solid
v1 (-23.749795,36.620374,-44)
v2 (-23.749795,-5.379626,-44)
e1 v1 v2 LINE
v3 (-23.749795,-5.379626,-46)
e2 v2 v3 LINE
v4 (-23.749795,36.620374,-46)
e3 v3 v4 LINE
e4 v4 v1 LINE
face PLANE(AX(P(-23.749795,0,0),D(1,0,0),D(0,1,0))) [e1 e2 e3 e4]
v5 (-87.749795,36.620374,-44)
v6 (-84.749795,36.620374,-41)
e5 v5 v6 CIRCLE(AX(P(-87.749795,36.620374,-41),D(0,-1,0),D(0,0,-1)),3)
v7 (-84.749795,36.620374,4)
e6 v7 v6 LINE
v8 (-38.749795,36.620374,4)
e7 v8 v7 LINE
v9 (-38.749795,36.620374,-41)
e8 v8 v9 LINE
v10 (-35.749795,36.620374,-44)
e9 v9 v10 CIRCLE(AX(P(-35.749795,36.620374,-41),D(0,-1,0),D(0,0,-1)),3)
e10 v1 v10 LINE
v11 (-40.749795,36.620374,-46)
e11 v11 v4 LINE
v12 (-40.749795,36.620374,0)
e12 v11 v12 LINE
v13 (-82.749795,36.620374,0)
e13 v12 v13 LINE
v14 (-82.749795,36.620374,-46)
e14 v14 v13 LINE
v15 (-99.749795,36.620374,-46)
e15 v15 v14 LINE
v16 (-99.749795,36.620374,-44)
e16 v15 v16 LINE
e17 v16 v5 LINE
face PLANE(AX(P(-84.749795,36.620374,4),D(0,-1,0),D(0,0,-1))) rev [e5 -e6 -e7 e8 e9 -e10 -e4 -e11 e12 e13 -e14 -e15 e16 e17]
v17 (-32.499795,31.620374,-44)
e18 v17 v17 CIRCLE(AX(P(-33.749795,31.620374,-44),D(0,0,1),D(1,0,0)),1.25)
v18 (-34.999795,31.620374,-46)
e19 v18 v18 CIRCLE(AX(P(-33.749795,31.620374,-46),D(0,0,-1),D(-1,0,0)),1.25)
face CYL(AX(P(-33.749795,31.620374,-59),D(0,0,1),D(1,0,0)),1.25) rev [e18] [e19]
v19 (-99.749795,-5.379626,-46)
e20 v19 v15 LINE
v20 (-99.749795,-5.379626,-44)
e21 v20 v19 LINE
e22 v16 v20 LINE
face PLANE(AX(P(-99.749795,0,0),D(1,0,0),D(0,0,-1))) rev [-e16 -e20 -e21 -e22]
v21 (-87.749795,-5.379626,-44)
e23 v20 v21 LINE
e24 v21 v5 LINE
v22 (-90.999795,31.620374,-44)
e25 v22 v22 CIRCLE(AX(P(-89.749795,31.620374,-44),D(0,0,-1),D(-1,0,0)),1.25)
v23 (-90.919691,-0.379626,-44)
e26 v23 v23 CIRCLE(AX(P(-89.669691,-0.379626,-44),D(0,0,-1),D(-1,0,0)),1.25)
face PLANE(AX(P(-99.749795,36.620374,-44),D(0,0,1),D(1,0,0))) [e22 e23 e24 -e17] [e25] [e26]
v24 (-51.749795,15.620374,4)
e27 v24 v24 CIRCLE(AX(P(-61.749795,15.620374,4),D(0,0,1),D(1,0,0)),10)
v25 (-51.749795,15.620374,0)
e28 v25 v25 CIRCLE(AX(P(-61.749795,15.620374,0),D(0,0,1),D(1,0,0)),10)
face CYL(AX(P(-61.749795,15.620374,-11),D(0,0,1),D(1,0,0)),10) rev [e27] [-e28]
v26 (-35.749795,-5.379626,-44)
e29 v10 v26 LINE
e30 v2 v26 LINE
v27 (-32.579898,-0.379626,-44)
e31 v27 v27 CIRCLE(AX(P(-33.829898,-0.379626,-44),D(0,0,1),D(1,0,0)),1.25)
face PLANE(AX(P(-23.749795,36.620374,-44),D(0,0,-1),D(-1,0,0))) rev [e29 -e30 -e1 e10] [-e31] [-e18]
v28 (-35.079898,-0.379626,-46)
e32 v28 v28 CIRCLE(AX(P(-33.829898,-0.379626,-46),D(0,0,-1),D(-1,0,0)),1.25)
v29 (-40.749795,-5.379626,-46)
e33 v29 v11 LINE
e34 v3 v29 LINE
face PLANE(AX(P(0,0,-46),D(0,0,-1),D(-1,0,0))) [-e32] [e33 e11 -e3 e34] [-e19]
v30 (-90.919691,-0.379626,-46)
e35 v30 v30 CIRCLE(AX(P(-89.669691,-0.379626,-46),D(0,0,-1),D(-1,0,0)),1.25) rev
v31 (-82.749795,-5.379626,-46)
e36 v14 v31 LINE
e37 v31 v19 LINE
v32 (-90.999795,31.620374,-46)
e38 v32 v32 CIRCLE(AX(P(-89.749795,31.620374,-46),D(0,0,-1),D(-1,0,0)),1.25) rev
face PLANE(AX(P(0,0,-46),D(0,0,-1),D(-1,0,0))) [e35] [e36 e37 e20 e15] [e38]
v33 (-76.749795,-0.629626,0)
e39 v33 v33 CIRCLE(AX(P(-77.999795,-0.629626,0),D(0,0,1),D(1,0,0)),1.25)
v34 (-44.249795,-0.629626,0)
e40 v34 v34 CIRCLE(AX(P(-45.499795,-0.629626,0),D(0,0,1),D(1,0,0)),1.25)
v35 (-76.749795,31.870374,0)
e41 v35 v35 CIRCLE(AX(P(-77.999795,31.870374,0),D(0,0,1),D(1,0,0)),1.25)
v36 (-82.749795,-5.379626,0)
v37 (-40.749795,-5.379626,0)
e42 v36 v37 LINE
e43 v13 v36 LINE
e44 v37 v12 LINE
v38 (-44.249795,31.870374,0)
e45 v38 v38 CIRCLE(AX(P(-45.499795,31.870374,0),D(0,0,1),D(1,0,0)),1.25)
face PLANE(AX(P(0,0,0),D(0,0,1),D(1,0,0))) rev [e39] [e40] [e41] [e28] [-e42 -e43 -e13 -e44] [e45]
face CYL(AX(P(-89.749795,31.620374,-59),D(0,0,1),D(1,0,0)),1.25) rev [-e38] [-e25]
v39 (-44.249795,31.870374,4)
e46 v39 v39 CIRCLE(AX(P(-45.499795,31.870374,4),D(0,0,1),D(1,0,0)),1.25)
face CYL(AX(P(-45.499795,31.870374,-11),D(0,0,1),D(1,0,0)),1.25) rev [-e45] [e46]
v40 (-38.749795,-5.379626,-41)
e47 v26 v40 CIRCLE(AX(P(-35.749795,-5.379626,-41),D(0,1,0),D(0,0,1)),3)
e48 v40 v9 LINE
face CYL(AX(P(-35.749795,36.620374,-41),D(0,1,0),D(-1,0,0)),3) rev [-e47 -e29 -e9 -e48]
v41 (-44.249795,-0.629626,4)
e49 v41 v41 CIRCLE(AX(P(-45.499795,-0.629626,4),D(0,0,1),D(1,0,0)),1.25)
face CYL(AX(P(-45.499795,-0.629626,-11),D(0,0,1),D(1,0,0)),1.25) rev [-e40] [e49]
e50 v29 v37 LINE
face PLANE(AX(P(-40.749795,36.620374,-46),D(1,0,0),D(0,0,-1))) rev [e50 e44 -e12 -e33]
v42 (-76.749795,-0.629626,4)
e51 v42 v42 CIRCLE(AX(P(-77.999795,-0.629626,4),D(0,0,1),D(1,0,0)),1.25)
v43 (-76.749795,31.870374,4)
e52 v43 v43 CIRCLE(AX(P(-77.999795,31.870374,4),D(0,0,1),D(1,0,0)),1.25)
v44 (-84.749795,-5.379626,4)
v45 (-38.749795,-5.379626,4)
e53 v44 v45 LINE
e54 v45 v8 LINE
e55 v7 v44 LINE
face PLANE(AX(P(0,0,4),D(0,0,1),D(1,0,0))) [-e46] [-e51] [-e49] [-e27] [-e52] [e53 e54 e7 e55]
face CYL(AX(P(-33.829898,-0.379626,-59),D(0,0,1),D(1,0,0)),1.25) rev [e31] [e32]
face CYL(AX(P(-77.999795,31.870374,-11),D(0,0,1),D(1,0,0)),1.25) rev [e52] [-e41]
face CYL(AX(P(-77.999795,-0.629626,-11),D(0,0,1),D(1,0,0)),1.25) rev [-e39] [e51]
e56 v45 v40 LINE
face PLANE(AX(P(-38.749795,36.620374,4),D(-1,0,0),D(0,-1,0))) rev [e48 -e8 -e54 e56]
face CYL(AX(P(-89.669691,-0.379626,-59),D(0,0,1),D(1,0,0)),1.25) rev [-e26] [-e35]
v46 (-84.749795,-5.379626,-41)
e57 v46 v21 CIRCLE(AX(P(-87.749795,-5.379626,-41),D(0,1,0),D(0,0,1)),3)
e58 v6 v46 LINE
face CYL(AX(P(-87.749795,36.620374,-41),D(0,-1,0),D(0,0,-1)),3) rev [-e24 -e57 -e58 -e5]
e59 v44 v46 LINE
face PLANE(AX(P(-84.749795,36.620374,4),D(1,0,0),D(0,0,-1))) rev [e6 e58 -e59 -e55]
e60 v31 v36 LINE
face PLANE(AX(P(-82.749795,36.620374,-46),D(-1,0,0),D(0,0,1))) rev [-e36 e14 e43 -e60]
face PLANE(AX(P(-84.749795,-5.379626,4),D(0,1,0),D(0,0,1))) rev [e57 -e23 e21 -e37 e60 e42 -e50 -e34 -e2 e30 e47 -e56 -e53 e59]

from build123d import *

# Parameters (mm, degrees)
CROQUIS1_W              = 46
CROQUIS1_H              = 42
SALIENTE_EXTRUIR1_DEPTH = 4
CROQUIS3_W              = 2
CROQUIS3_H              = 42
SALIENTE_EXTRUIR2_DEPTH = 46
CROQUIS4_W              = 2
CROQUIS4_H              = 42
SALIENTE_EXTRUIR3_DEPTH = 15
CROQUIS6_W              = 2
CROQUIS6_H              = 42
SALIENTE_EXTRUIR4_DEPTH = 15
CROQUIS8_R              = 1.25
CORTAR_EXTRUIR1_DEPTH   = 15
CORTAR_EXTRUIR2_DEPTH   = 15
CROQUIS10_R             = 1.25
CORTAR_EXTRUIR4_DEPTH   = 15
REDONDEO1_R             = 3
REDONDEO2_R             = 3
CROQUIS11_R             = 10
CORTAR_EXTRUIR5_DEPTH   = 15


with BuildPart() as part:
    # Croquis1 → Saliente-Extruir1 (new body)
    with BuildSketch(Plane.XY):
        with Locations((-61.749794594, 15.620374367)):
            Rectangle(CROQUIS1_W, CROQUIS1_H)
    extrude(amount=SALIENTE_EXTRUIR1_DEPTH)

    # Croquis3 → Saliente-Extruir2 (add)
    with BuildSketch(Plane(origin=(0, 0, 0), x_dir=(-1, 0, 0), z_dir=(0, 0, -1))):
        with Locations((83.749794594, 15.620374367)):
            Rectangle(CROQUIS3_W, CROQUIS3_H)
        with Locations((39.749794594, 15.620374367)):
            Rectangle(CROQUIS3_W, CROQUIS3_H)
    extrude(amount=SALIENTE_EXTRUIR2_DEPTH)

    # Croquis4 → Saliente-Extruir3 (add)
    with BuildSketch(Plane.ZY.offset(84.749794594)):
        with Locations((-45, 15.620374367)):
            Rectangle(CROQUIS4_W, CROQUIS4_H)
    extrude(amount=SALIENTE_EXTRUIR3_DEPTH)

    # Croquis6 → Saliente-Extruir4 (add)
    with BuildSketch(Plane(origin=(-38.749794594, 0, 0), x_dir=(0, 0, -1), z_dir=(1, 0, 0))):
        with Locations((45, 15.620374367)):
            Rectangle(CROQUIS6_W, CROQUIS6_H)
    extrude(amount=SALIENTE_EXTRUIR4_DEPTH)

    # Croquis8 → Cortar-Extruir1 (cut)
    with BuildSketch(Plane.XY.offset(4)):
        with Locations((-45.499794594, 31.870374367)):
            Circle(CROQUIS8_R)
        with BuildLine():
            ThreePointArc((-79.249794594, -0.629625633), (-78.88367807, -1.51350911), (-77.999794594, -1.879625633))
            Line((-77.999794594, -1.879625633), (-77.999794594, -0.629625633))
            Line((-77.999794594, -0.629625633), (-79.249794594, -0.629625633))
        make_face()
        with BuildLine():
            Line((-77.999794594, -0.629625633), (-77.999794594, -1.879625633))
            ThreePointArc((-77.999794594, -1.879625633), (-77.115911117, -1.51350911), (-76.749794594, -0.629625633))
            ThreePointArc((-76.749794594, -0.629625633), (-77.999794594, 0.620374367), (-79.249794594, -0.629625633))
            Line((-79.249794594, -0.629625633), (-77.999794594, -0.629625633))
        make_face()
        with Locations((-77.999794594, 31.870374367)):
            Circle(CROQUIS8_R)
    extrude(amount=-CORTAR_EXTRUIR1_DEPTH, mode=Mode.SUBTRACT)

    # Croquis7 → Cortar-Extruir2 (cut)
    with BuildSketch(Plane.XY.offset(4)):
        with BuildLine():
            ThreePointArc((-44.249794594, -0.629625633), (-46.38367807, 0.254257843), (-45.499794594, -1.879625633))
            Line((-45.499794594, -1.879625633), (-45.499794594, -0.629625633))
            Line((-45.499794594, -0.629625633), (-44.249794594, -0.629625633))
        make_face()
        with BuildLine():
            Line((-45.499794594, -0.629625633), (-45.499794594, -1.879625633))
            ThreePointArc((-45.499794594, -1.879625633), (-44.615911117, -1.51350911), (-44.249794594, -0.629625633))
            Line((-44.249794594, -0.629625633), (-45.499794594, -0.629625633))
        make_face()
    extrude(amount=-CORTAR_EXTRUIR2_DEPTH, mode=Mode.SUBTRACT)

    # Croquis10 → Cortar-Extruir4 (cut)
    with BuildSketch(Plane.XY.offset(-44)):
        with Locations((-33.749794594, 31.620374367)):
            Circle(CROQUIS10_R)
        with Locations((-33.829898146, -0.379625633)):
            Circle(CROQUIS10_R)
    cortar_extruir4 = extrude(amount=-CORTAR_EXTRUIR4_DEPTH, mode=Mode.SUBTRACT)

    # Simetría1: Cortar-Extruir4 across plane
    add(cortar_extruir4.mirror(Plane(origin=(-61.749794594, 0, 0), x_dir=(0, 0, 1), z_dir=(1, 0, 0))), mode=Mode.SUBTRACT)

    # Redondeo1
    redondeo1_edges = [part.edges().sort_by_distance(p)[0] for p in [
        (-84.749794594, 15.620374367, -44),
    ]]
    fillet(redondeo1_edges, radius=REDONDEO1_R)

    # Redondeo2
    redondeo2_edges = [part.edges().sort_by_distance(p)[0] for p in [
        (-38.749794594, 15.620374367, -44),
    ]]
    fillet(redondeo2_edges, radius=REDONDEO2_R)

    # Croquis11 → Cortar-Extruir5 (cut)
    with BuildSketch(Plane.XY.offset(4)):
        with Locations((-61.749794594, 15.620374367)):
            Circle(CROQUIS11_R)
    extrude(amount=-CORTAR_EXTRUIR5_DEPTH, mode=Mode.SUBTRACT)


solid = part.part
